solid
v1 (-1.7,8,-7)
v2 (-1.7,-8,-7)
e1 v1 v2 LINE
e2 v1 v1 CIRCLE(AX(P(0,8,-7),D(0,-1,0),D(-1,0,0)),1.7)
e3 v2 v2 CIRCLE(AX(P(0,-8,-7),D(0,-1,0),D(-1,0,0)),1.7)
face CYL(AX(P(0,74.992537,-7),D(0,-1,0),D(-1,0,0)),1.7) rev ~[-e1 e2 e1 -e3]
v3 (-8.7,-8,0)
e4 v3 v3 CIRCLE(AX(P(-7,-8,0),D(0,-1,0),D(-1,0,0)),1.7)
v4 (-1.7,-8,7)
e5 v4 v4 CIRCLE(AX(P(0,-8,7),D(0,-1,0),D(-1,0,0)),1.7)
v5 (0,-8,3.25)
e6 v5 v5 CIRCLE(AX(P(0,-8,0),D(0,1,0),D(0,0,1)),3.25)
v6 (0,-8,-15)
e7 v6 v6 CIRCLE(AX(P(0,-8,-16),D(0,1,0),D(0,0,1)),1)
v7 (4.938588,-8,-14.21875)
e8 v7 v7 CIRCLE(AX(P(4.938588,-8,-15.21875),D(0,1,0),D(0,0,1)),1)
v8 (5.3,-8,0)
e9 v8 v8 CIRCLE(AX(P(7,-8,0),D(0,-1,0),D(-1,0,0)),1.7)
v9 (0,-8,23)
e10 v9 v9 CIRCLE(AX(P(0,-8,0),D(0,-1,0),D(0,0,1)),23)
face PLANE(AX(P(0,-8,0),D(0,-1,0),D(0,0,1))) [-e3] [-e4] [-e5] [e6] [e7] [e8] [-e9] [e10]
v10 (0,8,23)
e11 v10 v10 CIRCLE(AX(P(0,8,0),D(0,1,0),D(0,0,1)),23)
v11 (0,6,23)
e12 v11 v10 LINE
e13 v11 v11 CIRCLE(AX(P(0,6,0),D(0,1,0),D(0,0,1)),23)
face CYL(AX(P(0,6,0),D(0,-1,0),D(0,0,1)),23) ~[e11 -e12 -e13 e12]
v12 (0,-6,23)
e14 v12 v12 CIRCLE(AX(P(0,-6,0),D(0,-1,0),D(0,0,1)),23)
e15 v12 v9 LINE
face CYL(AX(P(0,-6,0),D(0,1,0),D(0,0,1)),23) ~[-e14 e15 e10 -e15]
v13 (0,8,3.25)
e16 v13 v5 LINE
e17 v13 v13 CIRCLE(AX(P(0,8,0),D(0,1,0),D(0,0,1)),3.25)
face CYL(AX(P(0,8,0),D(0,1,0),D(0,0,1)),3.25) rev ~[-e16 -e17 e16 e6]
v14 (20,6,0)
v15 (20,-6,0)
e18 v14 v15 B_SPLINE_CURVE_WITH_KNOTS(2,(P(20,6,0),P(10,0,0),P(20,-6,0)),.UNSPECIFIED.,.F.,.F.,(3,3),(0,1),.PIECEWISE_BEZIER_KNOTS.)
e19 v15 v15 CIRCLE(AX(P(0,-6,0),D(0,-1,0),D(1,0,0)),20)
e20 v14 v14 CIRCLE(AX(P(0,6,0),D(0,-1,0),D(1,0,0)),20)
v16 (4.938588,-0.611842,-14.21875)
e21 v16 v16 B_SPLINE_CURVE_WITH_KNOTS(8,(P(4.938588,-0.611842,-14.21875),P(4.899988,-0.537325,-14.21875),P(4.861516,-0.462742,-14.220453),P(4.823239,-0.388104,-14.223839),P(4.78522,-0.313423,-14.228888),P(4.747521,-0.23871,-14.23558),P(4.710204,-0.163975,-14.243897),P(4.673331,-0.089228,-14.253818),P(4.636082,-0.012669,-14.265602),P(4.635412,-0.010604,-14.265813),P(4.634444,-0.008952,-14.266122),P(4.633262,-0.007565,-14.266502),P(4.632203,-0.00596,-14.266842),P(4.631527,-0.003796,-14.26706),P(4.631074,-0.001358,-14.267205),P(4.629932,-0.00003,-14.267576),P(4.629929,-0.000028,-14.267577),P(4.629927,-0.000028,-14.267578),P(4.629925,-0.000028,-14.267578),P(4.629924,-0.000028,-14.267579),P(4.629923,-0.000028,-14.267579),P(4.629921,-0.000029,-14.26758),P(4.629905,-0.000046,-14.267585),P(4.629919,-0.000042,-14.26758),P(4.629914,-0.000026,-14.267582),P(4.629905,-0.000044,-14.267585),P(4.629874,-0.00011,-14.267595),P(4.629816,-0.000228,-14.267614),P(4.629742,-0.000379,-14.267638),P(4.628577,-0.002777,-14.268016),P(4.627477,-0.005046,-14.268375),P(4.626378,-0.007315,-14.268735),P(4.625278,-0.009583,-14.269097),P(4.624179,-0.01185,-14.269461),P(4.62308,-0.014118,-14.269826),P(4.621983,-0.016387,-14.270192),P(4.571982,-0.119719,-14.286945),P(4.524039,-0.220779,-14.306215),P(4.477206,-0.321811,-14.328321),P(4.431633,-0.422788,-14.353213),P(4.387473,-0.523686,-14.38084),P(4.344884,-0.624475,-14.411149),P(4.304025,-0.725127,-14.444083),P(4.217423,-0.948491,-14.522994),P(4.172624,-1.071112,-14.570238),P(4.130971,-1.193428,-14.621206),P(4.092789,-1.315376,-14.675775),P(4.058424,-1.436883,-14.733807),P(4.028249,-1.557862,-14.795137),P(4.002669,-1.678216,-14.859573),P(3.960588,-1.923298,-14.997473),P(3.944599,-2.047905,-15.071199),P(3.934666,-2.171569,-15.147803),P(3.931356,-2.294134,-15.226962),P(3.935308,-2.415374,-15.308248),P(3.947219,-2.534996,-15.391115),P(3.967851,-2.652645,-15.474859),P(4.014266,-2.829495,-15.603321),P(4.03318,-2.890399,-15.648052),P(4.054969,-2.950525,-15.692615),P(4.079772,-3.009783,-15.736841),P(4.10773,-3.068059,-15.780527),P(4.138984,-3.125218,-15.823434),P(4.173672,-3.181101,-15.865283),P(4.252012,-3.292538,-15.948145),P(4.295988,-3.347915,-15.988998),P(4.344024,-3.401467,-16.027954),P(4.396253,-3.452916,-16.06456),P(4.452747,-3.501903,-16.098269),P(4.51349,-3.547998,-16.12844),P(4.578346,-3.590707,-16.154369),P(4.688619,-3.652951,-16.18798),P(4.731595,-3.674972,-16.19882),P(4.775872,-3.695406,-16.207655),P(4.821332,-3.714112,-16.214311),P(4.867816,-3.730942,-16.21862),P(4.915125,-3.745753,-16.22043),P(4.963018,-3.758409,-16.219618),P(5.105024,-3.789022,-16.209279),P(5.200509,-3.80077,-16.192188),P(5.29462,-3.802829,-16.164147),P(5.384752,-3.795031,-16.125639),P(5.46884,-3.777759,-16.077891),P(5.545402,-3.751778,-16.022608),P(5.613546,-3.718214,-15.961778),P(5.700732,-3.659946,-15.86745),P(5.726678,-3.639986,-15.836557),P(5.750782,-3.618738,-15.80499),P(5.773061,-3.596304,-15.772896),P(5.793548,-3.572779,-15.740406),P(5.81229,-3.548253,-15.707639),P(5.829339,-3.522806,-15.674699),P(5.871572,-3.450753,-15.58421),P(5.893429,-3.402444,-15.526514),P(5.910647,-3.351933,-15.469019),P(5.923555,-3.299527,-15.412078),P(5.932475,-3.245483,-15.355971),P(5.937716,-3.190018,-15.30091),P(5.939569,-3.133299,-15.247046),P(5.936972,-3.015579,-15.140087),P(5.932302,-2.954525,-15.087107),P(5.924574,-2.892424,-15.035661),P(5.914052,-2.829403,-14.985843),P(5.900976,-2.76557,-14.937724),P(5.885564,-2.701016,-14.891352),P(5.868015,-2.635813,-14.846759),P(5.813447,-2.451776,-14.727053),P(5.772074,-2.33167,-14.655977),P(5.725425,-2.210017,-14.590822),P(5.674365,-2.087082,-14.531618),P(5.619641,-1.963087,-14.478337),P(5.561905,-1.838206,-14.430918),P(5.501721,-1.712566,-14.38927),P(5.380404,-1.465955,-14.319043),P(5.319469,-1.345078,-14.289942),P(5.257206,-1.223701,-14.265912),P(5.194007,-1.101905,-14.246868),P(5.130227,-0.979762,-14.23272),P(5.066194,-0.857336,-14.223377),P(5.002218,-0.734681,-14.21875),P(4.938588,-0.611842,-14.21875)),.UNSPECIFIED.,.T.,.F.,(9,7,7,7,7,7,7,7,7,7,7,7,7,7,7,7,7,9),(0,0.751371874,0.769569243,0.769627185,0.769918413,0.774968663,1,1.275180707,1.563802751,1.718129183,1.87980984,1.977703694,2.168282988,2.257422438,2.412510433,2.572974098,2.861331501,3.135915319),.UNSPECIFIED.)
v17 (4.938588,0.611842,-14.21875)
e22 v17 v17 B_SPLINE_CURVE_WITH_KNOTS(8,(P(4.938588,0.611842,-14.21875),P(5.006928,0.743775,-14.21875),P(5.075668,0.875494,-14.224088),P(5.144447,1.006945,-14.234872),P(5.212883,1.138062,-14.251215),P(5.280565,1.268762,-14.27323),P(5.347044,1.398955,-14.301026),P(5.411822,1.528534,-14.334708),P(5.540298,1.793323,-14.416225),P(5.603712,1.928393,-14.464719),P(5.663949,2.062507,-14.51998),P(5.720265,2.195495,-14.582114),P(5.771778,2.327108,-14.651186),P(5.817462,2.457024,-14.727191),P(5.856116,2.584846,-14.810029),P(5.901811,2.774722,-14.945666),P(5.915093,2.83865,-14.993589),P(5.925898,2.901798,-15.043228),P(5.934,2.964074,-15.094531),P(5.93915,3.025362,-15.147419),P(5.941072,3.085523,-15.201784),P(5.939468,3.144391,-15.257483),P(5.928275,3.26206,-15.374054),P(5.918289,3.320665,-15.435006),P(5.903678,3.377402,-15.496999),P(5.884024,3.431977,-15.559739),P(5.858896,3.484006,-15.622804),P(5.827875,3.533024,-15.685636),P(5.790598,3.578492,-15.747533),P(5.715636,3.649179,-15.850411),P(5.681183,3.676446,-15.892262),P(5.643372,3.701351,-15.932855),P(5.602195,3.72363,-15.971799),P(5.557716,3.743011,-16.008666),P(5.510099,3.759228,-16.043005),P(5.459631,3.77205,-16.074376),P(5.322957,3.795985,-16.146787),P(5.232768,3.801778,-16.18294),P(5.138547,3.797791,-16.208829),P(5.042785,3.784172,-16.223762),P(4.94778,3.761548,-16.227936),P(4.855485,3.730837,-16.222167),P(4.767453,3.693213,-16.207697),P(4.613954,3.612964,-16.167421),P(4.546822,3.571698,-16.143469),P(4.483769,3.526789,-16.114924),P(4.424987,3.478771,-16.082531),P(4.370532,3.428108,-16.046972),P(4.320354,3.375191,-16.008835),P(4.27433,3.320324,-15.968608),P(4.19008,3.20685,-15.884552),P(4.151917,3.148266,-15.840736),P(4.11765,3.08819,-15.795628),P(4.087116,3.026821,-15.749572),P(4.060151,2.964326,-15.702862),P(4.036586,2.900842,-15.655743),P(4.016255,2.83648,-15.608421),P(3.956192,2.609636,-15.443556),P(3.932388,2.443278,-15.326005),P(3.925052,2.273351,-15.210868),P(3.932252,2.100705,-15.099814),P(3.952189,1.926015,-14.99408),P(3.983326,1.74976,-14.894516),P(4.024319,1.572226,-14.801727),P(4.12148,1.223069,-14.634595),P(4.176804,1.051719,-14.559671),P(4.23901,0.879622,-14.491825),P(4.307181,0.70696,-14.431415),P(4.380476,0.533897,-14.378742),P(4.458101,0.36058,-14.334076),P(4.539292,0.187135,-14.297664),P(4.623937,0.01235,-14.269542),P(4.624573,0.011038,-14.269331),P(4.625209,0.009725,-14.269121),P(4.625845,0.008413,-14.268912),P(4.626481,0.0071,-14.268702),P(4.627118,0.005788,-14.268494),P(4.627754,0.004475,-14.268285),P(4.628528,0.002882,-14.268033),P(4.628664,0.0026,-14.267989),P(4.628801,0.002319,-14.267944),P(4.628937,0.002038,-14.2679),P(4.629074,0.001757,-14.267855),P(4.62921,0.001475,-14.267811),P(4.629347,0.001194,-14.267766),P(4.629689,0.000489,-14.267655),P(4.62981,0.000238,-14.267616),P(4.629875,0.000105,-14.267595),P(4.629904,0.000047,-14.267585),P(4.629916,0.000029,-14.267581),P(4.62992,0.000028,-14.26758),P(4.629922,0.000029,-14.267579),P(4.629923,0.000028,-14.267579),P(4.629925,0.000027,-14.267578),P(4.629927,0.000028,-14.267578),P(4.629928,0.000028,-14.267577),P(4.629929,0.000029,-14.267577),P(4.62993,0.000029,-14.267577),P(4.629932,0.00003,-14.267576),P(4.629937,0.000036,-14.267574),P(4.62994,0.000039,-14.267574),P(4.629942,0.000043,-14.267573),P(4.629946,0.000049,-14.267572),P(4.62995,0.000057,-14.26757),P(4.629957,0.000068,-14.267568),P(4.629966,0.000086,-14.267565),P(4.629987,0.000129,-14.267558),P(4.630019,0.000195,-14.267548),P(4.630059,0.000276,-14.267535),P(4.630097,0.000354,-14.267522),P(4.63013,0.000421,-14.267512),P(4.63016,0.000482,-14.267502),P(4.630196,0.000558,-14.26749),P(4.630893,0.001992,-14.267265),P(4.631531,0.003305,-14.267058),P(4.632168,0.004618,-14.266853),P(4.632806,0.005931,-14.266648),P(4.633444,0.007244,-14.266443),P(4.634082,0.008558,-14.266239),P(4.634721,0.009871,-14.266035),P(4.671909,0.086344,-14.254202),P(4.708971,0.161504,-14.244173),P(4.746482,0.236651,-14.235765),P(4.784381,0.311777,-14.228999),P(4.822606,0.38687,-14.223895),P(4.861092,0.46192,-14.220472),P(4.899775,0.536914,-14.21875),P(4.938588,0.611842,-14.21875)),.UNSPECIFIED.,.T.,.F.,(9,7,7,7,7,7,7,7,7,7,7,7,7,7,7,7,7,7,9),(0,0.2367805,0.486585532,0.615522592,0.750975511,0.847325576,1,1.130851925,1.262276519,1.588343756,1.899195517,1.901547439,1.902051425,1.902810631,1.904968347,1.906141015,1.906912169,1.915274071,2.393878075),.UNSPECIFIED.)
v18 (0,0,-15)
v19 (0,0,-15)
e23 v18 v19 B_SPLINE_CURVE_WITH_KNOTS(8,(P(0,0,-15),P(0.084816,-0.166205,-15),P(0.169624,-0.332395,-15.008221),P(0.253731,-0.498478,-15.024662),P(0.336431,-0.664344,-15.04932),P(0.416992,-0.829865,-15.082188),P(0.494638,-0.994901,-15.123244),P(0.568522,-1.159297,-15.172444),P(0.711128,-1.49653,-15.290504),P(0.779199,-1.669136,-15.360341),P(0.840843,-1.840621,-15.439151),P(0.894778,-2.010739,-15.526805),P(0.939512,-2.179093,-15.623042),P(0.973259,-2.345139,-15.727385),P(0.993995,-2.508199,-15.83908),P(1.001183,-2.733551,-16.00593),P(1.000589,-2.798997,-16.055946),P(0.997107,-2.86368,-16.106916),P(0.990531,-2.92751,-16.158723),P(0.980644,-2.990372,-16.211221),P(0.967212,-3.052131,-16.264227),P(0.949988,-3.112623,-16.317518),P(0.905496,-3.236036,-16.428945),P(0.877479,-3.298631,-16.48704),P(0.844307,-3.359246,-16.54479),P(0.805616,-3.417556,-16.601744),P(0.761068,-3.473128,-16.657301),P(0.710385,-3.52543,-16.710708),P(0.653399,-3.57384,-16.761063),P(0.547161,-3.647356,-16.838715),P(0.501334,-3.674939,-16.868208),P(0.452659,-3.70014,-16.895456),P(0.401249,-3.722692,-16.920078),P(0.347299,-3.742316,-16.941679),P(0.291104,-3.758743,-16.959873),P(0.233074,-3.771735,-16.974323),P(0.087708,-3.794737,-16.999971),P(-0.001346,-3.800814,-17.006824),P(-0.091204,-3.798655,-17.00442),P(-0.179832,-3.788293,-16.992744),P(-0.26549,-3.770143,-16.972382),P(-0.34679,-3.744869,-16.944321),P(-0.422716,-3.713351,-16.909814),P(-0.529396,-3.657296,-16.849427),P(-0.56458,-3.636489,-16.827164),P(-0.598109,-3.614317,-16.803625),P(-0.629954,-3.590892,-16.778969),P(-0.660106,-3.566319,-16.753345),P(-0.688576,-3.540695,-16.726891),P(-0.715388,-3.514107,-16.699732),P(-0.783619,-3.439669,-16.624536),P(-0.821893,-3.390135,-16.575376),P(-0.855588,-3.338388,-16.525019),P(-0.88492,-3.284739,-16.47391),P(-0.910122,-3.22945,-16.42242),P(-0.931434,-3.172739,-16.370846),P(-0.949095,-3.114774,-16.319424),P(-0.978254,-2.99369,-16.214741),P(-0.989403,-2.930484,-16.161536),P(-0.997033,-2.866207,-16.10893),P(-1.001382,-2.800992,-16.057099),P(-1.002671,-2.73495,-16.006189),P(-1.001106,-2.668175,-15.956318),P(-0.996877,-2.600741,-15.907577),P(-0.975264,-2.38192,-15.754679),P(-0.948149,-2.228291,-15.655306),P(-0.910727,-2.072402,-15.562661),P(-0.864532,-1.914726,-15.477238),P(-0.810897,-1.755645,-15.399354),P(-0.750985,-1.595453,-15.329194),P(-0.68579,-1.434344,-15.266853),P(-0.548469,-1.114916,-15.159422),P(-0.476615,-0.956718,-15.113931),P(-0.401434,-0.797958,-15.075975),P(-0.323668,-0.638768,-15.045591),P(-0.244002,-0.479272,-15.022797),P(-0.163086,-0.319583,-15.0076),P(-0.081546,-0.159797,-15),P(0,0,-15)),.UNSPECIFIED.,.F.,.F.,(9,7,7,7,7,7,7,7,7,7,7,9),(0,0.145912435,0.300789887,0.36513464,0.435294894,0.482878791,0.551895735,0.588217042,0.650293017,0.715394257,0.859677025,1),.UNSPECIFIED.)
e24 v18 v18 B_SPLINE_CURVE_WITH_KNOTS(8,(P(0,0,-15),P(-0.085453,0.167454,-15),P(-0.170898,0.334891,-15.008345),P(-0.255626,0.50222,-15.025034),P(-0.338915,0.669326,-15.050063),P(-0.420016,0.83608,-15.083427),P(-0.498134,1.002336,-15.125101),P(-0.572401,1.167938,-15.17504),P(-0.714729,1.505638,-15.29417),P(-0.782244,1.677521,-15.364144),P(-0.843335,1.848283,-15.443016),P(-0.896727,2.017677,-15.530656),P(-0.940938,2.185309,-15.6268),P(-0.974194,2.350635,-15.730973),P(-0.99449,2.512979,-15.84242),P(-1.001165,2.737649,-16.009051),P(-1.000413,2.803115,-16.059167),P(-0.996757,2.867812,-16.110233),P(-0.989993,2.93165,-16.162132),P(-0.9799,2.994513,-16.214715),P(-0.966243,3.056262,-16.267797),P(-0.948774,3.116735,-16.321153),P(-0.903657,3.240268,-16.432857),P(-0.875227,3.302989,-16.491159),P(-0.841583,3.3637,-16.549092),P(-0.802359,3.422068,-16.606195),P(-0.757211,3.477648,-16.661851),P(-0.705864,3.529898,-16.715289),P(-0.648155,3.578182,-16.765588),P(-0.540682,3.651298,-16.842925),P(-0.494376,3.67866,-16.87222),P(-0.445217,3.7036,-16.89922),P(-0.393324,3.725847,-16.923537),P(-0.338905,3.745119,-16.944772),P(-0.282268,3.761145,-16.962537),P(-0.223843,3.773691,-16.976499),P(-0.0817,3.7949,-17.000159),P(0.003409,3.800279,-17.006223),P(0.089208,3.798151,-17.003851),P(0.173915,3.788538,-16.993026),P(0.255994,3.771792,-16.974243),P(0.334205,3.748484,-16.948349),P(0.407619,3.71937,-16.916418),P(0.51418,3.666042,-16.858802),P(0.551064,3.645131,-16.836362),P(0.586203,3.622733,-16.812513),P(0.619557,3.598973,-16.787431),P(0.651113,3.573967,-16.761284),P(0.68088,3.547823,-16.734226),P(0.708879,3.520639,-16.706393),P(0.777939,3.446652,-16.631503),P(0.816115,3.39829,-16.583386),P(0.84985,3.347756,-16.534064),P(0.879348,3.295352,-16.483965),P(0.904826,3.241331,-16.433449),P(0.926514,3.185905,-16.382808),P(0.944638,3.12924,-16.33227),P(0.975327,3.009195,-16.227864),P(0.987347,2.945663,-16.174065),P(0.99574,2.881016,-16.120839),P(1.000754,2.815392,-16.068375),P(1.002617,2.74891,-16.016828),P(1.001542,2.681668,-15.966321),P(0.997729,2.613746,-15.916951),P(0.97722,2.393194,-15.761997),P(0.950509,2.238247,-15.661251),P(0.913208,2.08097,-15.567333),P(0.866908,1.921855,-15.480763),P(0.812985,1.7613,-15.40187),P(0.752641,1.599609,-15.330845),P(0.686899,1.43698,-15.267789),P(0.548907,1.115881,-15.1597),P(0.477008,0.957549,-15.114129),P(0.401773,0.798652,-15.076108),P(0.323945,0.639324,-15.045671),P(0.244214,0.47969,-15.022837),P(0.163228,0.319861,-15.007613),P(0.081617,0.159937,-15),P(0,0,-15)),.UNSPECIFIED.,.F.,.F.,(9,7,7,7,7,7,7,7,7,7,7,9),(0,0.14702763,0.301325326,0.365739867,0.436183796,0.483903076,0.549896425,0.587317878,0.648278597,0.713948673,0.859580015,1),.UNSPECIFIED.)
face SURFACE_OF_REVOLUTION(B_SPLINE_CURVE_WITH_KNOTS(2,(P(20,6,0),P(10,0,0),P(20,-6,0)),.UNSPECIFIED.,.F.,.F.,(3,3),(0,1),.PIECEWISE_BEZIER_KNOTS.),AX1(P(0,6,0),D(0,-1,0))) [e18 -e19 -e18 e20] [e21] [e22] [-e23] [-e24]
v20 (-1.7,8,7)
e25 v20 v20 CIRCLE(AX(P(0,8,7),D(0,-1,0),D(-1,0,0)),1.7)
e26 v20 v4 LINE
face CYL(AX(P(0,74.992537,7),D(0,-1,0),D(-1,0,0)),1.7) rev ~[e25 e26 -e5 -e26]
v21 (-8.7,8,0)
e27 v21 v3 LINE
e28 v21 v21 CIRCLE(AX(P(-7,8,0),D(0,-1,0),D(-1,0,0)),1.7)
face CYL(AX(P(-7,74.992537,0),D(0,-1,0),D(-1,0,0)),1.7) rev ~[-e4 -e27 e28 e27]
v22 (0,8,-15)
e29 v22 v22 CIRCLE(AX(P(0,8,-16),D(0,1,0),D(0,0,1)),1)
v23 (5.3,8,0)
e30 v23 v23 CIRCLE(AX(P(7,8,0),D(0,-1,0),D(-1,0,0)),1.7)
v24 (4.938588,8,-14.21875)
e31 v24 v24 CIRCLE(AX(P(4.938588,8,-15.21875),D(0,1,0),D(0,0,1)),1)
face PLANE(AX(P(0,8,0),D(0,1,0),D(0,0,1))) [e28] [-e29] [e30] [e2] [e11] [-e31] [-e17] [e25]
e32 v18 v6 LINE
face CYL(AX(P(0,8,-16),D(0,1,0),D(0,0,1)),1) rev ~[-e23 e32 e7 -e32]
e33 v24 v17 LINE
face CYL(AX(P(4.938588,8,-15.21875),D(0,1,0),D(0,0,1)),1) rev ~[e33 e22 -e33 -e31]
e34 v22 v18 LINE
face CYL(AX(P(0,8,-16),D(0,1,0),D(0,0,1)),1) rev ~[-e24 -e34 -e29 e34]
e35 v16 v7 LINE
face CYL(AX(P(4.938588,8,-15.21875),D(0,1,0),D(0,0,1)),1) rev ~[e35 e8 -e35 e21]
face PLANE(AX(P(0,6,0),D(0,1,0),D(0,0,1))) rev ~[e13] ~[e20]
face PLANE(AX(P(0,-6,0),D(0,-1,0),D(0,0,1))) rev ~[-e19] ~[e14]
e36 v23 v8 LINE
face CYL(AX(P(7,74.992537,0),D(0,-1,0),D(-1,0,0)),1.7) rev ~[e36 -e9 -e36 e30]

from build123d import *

# Parameters (mm, degrees)
SKETCH_3_R         = 23
EXTRUDE_1_DEPTH    = 2
SKETCH_4_R         = 23
EXTRUDE_2_DEPTH    = 2
HOLE_WIZARD_M3_1_D = 3.4
SKETCH1_R          = 1
SKETCH1_R_2        = 3.25
CUT_EXTRUDE1_DEPTH = 37.249137921


with BuildPart() as part:
    # 草图2 → 旋转1 (revolve)
    with BuildSketch(Plane.XY):
        with BuildLine():
            Line((20, 6), (0, 6))
            Line((0, 6), (0, 0))
            Line((0, 0), (0, -6))
            Line((0, -6), (20, -6))
            add(Edge.make_bspline(
                [(20, 6), (10, 0), (20, -6)],
                knots=[0, 0, 0, 1, 1, 1], degree=2))
        make_face()
    revolve(axis=Axis((0, 6, 0), (0, -1, 0)))

    # 草图3 → 凸台-拉伸1 (add)
    with BuildSketch(Plane(origin=(0, 6, 0), x_dir=(1, 0, 0), z_dir=(0, 1, 0))):
        with Locations(Location((0, 0, 0), (0, 0, 270))):
            Circle(SKETCH_3_R)
    extrude(amount=EXTRUDE_1_DEPTH)

    # 草图4 → 凸台-拉伸2 (add)
    with BuildSketch(Plane.XZ.offset(6)):
        with Locations(Location((0, 0, 0), (0, 0, 90))):
            Circle(SKETCH_4_R)
    extrude(amount=EXTRUDE_2_DEPTH)

    # M3 间隙孔1 (through all)
    with Locations(Plane(origin=(0, 8, 0), x_dir=(1, 0, 0), z_dir=(0, 1, 0))):
        with Locations((0, -7), (0, 7), (-7, 0), (7, 0)):
            Hole(HOLE_WIZARD_M3_1_D / 2)

    # Sketch1 → Cut-Extrude1 (cut, through all)
    with BuildSketch(Plane(origin=(0, 8, 0), x_dir=(1, 0, 0), z_dir=(0, 1, 0))):
        with Locations(Location((0, 16, 0), (0, 0, 270))):
            Circle(SKETCH1_R)
        with Locations(Location((0, 0, 0), (0, 0, 270))):
            Circle(SKETCH1_R_2)
        with Locations(Location((4.938587697, 15.21875, 0), (0, 0, 270))):
            Circle(SKETCH1_R)
    extrude(amount=-CUT_EXTRUDE1_DEPTH, mode=Mode.SUBTRACT)


solid = part.part
